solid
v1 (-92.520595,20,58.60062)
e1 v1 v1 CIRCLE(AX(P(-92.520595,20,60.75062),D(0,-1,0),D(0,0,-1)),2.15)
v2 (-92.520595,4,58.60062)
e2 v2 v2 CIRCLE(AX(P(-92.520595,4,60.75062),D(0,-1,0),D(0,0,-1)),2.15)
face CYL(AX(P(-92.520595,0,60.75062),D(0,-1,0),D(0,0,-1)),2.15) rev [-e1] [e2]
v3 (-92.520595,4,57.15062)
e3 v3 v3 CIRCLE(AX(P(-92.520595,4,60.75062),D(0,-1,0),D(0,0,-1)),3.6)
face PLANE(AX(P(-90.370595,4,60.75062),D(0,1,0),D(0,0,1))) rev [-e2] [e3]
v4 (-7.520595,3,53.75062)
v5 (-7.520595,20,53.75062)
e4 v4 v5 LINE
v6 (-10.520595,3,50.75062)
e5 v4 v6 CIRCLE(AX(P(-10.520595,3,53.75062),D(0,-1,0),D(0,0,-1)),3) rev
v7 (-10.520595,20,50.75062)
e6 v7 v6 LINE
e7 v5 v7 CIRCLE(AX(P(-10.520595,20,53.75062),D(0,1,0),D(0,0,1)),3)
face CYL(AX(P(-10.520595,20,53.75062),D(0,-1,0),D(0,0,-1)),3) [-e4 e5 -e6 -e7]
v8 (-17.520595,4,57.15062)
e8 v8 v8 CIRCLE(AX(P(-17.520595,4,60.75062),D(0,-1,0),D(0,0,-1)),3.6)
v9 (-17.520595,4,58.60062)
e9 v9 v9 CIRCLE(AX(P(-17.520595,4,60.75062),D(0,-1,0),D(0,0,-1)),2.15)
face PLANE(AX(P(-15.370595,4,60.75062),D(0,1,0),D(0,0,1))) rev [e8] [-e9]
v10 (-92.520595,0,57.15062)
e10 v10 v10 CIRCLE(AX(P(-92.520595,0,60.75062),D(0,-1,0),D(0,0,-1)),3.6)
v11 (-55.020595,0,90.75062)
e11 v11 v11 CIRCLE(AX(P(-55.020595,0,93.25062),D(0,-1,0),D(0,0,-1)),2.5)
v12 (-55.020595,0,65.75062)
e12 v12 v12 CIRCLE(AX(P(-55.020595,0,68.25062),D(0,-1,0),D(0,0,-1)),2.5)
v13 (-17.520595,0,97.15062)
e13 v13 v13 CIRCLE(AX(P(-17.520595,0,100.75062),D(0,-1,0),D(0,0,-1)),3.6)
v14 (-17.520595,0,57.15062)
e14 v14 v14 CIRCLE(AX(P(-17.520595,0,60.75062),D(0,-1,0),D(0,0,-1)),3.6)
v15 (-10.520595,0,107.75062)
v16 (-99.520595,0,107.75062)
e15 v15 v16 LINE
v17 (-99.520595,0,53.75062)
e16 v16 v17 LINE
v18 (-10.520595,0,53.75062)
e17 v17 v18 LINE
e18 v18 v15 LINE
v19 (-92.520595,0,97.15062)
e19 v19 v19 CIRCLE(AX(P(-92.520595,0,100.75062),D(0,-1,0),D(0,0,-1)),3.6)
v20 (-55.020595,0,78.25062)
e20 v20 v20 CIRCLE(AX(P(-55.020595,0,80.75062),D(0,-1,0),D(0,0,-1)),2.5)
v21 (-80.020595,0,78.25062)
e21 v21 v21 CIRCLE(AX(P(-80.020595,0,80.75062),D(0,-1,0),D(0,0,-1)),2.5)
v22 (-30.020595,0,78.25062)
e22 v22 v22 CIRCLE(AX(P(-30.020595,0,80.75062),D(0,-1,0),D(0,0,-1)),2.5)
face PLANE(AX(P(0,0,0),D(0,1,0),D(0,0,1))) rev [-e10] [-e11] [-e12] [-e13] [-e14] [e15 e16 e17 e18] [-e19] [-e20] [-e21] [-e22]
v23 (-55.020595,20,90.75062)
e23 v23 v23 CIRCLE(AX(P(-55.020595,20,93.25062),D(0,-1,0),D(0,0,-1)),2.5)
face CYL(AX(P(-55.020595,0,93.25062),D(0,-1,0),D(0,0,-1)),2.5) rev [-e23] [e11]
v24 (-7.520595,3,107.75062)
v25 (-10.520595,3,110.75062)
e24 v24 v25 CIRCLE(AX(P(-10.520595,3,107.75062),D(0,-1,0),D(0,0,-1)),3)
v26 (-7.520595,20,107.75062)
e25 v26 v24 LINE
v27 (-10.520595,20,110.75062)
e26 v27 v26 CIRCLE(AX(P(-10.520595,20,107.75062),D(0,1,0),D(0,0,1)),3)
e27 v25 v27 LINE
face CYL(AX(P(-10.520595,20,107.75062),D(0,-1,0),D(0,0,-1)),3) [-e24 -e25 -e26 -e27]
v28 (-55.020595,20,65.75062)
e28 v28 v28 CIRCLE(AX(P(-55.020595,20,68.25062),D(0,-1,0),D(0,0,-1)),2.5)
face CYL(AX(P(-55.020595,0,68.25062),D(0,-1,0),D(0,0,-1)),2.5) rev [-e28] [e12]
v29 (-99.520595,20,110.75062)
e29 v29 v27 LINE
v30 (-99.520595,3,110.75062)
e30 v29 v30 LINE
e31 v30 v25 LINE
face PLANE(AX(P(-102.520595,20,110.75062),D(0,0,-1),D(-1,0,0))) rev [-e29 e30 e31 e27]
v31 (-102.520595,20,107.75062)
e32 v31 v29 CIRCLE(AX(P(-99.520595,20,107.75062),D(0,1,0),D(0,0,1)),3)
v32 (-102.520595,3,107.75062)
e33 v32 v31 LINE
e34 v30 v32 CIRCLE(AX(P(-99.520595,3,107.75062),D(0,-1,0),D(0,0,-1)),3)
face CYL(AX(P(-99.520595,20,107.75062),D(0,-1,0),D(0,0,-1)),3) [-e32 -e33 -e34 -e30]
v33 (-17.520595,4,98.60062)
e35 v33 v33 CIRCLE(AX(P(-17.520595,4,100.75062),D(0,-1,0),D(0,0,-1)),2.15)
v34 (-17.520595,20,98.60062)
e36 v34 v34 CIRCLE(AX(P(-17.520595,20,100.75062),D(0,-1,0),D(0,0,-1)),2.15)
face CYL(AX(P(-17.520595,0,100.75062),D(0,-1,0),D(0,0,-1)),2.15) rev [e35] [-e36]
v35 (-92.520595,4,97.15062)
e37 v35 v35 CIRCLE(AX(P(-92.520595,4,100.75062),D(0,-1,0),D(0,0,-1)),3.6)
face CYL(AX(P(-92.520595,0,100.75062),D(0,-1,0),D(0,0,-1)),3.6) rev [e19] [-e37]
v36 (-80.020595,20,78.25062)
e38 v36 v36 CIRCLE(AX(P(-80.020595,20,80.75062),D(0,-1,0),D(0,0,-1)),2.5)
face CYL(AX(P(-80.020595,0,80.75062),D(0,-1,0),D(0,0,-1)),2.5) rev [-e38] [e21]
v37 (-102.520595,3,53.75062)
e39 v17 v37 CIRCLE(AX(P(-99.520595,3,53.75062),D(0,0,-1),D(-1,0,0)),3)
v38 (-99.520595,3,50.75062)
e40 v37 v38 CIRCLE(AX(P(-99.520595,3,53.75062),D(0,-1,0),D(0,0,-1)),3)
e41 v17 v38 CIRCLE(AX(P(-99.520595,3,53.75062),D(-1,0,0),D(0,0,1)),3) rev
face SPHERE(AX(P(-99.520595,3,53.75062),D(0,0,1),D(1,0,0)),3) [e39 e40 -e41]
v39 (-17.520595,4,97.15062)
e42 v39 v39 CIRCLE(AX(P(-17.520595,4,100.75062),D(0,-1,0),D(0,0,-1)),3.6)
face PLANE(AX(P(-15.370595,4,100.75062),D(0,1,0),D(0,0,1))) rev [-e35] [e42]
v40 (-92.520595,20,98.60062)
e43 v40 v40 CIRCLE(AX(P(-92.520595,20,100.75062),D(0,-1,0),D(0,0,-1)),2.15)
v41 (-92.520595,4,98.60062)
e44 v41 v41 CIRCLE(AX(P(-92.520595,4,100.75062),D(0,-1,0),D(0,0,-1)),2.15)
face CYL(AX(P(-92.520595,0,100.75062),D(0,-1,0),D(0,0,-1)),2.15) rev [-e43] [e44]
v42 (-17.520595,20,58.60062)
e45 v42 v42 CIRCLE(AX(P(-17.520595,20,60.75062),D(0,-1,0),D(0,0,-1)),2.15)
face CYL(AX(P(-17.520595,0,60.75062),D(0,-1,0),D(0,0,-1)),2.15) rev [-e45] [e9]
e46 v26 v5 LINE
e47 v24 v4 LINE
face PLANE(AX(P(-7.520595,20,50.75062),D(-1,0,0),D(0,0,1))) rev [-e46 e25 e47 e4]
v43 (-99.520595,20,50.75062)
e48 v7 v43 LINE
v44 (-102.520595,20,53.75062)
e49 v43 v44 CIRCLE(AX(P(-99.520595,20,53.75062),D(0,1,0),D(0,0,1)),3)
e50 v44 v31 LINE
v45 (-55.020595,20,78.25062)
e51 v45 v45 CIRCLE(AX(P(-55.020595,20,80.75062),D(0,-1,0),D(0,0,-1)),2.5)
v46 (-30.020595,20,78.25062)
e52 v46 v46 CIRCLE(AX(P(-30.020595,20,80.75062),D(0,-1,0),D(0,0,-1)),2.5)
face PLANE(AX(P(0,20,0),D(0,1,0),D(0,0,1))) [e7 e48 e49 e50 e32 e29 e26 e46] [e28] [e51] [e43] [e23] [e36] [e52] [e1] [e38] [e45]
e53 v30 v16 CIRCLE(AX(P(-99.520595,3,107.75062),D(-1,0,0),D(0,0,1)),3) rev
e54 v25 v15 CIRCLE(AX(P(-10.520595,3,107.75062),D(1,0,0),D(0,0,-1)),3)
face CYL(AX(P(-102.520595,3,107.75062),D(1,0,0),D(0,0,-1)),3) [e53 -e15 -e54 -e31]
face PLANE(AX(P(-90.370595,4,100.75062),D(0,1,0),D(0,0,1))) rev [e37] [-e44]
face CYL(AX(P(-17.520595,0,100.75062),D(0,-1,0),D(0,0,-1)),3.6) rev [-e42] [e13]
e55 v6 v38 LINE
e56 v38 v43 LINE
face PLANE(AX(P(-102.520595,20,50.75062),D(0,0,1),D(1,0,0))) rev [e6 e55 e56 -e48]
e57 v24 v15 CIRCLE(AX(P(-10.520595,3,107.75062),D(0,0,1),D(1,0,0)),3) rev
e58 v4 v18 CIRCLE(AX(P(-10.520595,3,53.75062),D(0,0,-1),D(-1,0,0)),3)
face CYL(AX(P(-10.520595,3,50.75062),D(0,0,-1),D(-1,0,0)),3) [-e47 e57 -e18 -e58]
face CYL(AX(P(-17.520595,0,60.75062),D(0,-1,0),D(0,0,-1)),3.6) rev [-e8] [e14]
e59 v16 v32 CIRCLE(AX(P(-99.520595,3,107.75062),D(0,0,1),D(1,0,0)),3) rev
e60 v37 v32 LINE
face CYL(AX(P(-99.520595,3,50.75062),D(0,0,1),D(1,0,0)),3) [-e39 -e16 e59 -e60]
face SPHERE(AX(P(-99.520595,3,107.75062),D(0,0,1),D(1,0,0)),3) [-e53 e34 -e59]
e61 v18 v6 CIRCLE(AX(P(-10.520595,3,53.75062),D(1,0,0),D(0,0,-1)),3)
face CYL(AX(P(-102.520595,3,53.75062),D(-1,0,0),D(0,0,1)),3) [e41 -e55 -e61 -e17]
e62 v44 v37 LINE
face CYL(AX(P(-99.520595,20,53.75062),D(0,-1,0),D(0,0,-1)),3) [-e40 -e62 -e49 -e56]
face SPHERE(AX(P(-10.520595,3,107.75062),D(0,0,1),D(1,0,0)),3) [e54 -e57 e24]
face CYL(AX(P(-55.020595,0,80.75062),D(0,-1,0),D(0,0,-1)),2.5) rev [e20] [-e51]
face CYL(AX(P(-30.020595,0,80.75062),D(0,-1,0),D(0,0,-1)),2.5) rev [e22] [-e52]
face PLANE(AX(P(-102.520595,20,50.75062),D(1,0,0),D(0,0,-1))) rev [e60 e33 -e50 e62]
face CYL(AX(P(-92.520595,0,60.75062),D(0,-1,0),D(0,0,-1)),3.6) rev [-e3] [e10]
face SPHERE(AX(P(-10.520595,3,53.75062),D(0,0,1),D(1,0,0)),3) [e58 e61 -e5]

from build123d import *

# Parameters (mm, degrees)
SKETCH1_W                                   = 95
SKETCH1_H                                   = 60
BOSS_EXTRUDE1_DEPTH                         = 20
CBORE_FOR_M4_CHEESE_HEAD_SCREW1_D           = 4.3
CBORE_FOR_M4_CHEESE_HEAD_SCREW1_CBORE_D     = 7.2
CBORE_FOR_M4_CHEESE_HEAD_SCREW1_CBORE_DEPTH = 4
F_5_0MM_DOWEL_HOLE1_D                       = 5
FILLET1_R                                   = 3


with BuildPart() as part:
    # Sketch1 → Boss-Extrude1 (new body)
    with BuildSketch(Plane(origin=(0, 0, 0), x_dir=(1, 0, 0), z_dir=(0, 1, 0))):
        with Locations((-55.020594587, -80.750619844)):
            Rectangle(SKETCH1_W, SKETCH1_H)
    extrude(amount=BOSS_EXTRUDE1_DEPTH)

    # CBORE for M4 Cheese Head Screw1 (through all)
    with Locations(Plane(origin=(0, 0, 0), x_dir=(-1, 0, 0), z_dir=(0, -1, 0))):
        with Locations((17.520594587, -60.750619844), (92.520594587, -60.750619844), (92.520594587, -100.750619844), (17.520594587, -100.750619844)):
            CounterBoreHole(CBORE_FOR_M4_CHEESE_HEAD_SCREW1_D / 2, CBORE_FOR_M4_CHEESE_HEAD_SCREW1_CBORE_D / 2, CBORE_FOR_M4_CHEESE_HEAD_SCREW1_CBORE_DEPTH)

    # Ø5.0mm Dowel Hole1 (through all)
    with Locations(Plane(origin=(0, 0, 0), x_dir=(-1, 0, 0), z_dir=(0, -1, 0))):
        with Locations((30.020594587, -80.750619844), (55.020594587, -80.750619844), (80.020594587, -80.750619844), (55.020594587, -68.250619844), (55.020594587, -93.250619844)):
            Hole(F_5_0MM_DOWEL_HOLE1_D / 2)

    # Fillet1
    fillet1_edges = [part.edges().sort_by_distance(p)[0] for p in [
        (-55.020594587, 0, 50.750619844),
        (-7.520594587, 0, 80.750619844),
        (-55.020594587, 0, 110.750619844),
        (-102.520594587, 0, 80.750619844),
        (-102.520594587, 10, 50.750619844),
        (-7.520594587, 10, 50.750619844),
        (-7.520594587, 10, 110.750619844),
        (-102.520594587, 10, 110.750619844),
    ]]
    fillet(fillet1_edges, radius=FILLET1_R)


solid = part.part
